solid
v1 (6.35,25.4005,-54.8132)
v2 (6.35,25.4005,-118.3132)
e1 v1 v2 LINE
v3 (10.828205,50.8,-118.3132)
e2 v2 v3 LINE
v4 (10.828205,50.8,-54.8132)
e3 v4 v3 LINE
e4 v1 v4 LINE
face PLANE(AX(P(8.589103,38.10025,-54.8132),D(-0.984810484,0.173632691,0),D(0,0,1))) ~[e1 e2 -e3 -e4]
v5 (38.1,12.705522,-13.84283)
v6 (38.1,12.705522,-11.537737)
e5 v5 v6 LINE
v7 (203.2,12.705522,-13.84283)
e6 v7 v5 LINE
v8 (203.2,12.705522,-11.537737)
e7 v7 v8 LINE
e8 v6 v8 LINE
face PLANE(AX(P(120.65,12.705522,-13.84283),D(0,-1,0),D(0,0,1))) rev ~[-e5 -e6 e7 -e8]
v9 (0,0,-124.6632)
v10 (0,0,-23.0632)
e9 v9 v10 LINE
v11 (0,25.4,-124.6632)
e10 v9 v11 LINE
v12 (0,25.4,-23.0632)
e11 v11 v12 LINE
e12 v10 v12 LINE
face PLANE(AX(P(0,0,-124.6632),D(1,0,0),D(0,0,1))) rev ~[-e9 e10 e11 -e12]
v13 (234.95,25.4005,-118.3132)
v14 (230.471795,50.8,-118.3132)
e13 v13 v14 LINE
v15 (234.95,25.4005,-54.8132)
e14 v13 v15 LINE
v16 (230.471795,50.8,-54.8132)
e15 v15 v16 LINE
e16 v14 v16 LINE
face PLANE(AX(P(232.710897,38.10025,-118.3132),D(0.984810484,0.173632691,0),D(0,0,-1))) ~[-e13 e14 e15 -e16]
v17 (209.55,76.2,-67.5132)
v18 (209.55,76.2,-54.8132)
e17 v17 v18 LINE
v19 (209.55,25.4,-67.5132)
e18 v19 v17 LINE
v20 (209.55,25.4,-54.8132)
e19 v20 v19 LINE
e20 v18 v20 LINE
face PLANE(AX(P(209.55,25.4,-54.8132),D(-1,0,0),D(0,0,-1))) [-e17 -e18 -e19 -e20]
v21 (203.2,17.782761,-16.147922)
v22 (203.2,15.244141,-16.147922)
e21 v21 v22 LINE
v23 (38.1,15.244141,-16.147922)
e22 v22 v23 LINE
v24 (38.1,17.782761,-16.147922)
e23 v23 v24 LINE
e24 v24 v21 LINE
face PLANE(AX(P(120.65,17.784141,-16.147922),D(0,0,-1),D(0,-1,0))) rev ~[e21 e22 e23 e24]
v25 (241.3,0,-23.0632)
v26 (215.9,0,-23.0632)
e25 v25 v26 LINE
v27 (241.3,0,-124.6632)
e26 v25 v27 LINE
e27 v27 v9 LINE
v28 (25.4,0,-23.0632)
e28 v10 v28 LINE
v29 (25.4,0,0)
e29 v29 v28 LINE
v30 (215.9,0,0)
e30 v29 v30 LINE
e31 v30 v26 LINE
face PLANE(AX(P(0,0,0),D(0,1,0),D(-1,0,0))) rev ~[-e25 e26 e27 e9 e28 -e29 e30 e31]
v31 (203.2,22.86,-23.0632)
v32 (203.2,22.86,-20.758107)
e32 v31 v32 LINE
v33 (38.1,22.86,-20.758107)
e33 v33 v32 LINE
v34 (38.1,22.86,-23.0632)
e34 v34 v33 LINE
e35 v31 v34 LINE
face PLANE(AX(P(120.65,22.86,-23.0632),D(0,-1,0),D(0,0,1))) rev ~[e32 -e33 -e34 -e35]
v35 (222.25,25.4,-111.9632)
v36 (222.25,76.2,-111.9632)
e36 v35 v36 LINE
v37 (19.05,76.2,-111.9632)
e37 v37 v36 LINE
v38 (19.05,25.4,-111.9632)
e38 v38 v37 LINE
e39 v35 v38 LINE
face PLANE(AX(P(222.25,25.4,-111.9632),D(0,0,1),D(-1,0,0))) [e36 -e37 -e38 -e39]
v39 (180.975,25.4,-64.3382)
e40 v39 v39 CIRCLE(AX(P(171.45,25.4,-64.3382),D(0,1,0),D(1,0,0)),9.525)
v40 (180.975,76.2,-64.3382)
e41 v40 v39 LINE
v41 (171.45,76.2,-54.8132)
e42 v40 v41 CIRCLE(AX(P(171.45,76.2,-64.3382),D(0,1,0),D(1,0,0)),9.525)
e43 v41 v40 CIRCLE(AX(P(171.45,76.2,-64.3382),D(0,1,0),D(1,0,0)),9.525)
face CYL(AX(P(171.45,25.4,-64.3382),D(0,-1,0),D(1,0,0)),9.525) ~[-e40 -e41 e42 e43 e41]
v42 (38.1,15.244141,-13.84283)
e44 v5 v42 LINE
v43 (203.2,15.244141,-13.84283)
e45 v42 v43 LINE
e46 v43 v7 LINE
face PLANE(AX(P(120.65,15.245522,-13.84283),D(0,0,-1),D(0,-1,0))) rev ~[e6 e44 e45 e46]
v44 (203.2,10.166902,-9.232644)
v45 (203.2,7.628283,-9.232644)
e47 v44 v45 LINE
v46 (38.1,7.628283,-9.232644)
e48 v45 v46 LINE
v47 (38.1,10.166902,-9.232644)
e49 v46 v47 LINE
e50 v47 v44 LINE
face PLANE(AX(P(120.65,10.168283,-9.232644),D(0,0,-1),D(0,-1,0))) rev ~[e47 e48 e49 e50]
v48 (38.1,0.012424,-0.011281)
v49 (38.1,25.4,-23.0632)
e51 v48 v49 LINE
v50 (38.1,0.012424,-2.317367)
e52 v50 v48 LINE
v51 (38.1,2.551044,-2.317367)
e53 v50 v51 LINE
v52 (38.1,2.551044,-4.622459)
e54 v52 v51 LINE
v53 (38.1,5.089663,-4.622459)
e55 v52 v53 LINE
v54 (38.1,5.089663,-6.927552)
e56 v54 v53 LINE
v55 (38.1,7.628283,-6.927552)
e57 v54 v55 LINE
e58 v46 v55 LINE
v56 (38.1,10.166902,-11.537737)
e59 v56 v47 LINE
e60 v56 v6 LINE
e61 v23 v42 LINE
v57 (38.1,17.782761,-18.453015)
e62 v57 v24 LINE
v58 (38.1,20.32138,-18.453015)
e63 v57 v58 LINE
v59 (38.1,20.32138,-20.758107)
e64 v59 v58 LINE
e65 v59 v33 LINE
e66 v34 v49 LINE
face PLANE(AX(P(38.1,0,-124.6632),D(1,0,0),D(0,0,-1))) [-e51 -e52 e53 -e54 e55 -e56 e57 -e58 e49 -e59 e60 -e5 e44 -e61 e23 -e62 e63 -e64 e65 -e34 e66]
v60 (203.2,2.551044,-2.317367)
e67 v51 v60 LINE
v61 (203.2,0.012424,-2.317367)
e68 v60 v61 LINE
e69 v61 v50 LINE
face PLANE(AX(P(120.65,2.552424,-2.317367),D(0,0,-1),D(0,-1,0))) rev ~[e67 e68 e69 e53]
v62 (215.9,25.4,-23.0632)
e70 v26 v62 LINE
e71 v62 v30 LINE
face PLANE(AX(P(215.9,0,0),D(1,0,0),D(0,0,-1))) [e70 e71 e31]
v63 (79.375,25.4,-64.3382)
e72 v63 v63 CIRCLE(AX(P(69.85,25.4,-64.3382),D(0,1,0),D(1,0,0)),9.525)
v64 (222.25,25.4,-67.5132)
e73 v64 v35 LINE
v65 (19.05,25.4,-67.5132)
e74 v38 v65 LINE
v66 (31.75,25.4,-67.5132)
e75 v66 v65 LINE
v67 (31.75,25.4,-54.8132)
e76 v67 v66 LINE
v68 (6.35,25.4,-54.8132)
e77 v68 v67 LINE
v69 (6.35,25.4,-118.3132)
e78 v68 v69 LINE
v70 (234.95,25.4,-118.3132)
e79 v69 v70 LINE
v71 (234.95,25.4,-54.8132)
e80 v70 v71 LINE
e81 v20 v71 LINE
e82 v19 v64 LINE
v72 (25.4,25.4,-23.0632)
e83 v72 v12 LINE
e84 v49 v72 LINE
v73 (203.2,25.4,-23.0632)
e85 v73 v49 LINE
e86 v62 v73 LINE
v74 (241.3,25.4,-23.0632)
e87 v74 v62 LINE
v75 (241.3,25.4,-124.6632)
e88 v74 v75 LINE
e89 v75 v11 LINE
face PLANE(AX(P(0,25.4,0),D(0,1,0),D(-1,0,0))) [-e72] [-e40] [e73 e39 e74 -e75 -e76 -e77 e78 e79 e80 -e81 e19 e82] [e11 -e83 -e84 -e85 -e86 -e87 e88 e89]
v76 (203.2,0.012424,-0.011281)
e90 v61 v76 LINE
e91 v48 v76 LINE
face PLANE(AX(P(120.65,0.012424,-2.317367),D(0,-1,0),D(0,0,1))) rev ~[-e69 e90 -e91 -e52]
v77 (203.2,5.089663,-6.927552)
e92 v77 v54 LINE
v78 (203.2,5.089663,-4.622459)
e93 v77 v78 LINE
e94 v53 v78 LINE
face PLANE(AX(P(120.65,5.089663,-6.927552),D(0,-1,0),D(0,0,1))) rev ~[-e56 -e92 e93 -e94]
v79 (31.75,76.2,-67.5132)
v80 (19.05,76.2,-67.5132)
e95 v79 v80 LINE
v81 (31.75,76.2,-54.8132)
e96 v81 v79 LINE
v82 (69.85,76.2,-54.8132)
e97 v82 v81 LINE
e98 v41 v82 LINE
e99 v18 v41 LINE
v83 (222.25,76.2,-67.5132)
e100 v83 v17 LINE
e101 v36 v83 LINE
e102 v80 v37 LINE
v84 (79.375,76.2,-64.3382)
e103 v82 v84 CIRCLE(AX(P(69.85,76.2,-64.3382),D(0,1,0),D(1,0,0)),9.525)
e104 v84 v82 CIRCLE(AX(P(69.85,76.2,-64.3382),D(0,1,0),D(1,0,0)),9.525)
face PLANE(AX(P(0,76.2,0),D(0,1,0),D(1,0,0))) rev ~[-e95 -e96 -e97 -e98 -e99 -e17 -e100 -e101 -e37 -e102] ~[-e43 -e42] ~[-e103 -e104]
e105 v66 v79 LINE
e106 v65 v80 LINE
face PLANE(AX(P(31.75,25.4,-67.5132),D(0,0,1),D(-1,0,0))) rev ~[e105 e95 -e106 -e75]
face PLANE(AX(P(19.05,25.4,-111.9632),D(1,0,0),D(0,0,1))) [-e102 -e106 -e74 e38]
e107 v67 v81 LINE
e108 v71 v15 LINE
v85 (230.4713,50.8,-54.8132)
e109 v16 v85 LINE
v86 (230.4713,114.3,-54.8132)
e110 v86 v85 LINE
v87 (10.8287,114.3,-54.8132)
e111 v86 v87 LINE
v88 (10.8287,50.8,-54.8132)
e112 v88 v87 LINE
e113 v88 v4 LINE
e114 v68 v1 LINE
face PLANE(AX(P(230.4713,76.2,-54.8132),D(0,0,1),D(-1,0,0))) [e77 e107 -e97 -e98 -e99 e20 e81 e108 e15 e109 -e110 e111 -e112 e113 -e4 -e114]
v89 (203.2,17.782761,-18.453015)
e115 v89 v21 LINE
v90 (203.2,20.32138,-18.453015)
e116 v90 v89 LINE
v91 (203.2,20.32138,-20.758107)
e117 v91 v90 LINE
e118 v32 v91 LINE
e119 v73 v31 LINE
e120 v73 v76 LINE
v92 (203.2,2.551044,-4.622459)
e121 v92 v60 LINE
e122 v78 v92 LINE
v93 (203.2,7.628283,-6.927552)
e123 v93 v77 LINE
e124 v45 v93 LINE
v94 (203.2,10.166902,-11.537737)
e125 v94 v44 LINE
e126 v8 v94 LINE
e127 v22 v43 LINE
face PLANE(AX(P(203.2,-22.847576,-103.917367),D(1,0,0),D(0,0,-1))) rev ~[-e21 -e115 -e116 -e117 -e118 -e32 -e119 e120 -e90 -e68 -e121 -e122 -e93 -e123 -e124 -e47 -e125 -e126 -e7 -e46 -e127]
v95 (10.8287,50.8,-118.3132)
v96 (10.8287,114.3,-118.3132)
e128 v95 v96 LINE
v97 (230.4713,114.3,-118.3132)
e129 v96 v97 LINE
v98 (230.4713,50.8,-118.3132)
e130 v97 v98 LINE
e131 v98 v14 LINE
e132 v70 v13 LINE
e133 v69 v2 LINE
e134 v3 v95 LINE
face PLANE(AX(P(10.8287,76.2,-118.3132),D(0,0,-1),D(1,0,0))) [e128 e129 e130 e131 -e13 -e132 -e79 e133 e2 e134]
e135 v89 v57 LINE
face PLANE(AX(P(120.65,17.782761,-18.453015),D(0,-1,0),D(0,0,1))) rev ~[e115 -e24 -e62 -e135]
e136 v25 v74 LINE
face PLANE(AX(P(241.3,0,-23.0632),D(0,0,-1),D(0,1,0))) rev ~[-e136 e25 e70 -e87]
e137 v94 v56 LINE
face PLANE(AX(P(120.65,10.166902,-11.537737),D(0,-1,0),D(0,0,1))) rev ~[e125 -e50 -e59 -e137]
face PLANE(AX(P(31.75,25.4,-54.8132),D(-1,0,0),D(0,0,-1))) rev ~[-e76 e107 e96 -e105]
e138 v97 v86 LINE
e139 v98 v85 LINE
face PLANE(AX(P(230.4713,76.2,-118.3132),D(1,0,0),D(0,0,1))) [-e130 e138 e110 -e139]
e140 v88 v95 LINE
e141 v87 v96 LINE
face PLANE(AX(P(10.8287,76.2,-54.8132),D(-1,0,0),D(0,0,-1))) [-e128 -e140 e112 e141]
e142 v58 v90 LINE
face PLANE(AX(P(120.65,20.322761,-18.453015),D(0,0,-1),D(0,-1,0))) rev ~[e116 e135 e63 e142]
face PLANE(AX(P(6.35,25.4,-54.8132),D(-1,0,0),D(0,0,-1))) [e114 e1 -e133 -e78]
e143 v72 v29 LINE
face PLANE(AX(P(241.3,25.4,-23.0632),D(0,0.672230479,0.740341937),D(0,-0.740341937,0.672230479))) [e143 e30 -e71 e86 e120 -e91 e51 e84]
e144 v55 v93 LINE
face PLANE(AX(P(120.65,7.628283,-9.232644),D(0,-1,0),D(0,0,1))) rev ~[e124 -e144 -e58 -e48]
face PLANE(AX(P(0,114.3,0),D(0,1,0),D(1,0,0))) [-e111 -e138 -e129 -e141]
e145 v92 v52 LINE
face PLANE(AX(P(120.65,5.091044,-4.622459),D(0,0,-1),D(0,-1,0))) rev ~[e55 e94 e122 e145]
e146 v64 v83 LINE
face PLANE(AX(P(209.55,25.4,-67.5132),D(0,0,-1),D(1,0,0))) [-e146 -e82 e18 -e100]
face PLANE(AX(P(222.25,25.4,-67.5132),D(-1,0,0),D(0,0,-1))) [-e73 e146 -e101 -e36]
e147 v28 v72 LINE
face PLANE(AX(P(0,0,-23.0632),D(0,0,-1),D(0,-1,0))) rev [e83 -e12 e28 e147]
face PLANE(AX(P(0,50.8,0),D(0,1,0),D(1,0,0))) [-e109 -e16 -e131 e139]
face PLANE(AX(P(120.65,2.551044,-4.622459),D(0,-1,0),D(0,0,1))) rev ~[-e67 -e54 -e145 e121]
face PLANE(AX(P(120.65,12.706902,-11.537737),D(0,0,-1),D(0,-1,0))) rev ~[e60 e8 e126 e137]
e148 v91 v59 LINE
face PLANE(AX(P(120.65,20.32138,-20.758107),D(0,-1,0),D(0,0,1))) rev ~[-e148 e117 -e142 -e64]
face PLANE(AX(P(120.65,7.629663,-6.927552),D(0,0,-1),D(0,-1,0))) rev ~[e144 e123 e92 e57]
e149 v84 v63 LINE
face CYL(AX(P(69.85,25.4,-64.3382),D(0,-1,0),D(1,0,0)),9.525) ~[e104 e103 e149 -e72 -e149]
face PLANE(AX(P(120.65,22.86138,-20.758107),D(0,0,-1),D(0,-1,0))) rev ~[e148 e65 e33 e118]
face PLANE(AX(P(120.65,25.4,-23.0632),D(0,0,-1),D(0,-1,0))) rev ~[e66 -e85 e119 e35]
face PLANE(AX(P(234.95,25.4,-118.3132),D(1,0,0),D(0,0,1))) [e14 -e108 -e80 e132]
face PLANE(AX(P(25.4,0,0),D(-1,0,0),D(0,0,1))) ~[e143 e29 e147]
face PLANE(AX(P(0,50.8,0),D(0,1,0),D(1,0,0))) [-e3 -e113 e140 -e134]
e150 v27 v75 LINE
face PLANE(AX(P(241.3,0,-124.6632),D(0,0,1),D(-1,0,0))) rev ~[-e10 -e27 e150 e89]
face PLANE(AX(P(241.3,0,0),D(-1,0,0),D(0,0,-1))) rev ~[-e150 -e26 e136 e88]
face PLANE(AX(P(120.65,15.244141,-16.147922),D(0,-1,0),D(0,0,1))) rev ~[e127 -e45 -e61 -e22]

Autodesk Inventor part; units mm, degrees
ref_plane "YZ Plane" through (0, 0, 0) normal (1, 0, 0) x (0, 1, 0)
ref_plane "XZ Plane" through (0, 0, 0) normal (0, 1, 0) x (-1, 0, 0)
sketch "Sketch1" plane through (0, 0, 0) normal (0, 1, 0) x (-1, 0, 0)
  line L0 (0, 0) -> (-241.3, 0)
  line L1 (-241.3, 0) -> (-241.3, -124.6632)
  line L2 (-241.3, -124.6632) -> (0, -124.6632)
  line L3 (0, -124.6632) -> (0, 0)
  dimension "d0" = 124.6632
  dimension "d1" = 241.3
extrude "Extrusion1" add sketch "Sketch1" along normal blind 25.4
sketch "Sketch2" plane through (241.3, 0, 0) normal (1, 0, 0) x (0, 0, -1)
  line L0 (124.6632, 0) -> (226.2632, 0) construction
  line L1 (23.0632, 25.4) -> (0, 0)
  line L2 (0, 0) -> (0, 25.4)
  line L3 (0, 0) -> (0, 25.4) projected
  line L4 (0, 25.4) -> (23.0632, 25.4)
  line L5 (0, 0) -> (23.0632, 0)
  line L6 (0, 0) -> (124.6632, 0) projected
  line L7 (23.0632, 0) -> (23.0632, 25.4)
extrude "Extrusion2" cut sketch "Sketch2" against normal blind 25.4
ref_plane "Work Plane1" through (120.65, 0, -124.6632) normal (1, 0, 0) x (0, 0, -1)
mirror "Mirror1" about plane through (120.65, 0, -124.6632) normal (1, 0, 0) of "Extrusion2"
extrude "Extrusion3" cut sketch "Sketch2" against normal blind 228.6 contours L1 L2 L4
sketch "Sketch3" plane through (120.65, 0, -124.6632) normal (1, 0, 0) x (0, 0, -1)
  line L0 (-101.6, 25.4) -> (-101.6, 22.86)
  line L1 (-101.6, 0) -> (-101.6, 25.4) projected
  line L2 (-101.6, 22.86) -> (-104.14, 22.86)
  line L3 (-104.14, 22.86) -> (-104.14, 30.1007)
  line L4 (-104.14, 30.1007) -> (-101.6, 30.1564)
  line L5 (-101.6, 30.1564) -> (-101.6, 25.4)
  point P0 (-124.6632, 0)
  dimension "d10" = 2.54
  dimension "d11" = 2.54
extrude "Extrusion4" cut sketch "Sketch3" along normal mid plane 165.1
pattern_linear "Rectangular Pattern1" count 10 spacing 3.429 along (0, -0.7403, 0.6722) of "Extrusion4"
sketch "Sketch4" plane through (0, 25.4, 0) normal (0, 1, 0) x (1, 0, 0)
  line L0 (6.35, 118.3132) -> (234.95, 118.3132)
  line L1 (234.95, 118.3132) -> (234.95, 54.8132)
  line L2 (6.35, 54.8132) -> (6.35, 118.3132)
  line L3 (241.3, 23.0632) -> (241.3, 124.6632) projected
  line L4 (0, 124.6632) -> (0, 23.0632) projected
  line L5 (241.3, 124.6632) -> (0, 124.6632) projected
  line L6 (222.25, 67.5132) -> (222.25, 111.9632)
  line L7 (222.25, 111.9632) -> (19.05, 111.9632)
  line L8 (19.05, 111.9632) -> (19.05, 67.5132)
  line L9 (234.95, 54.8132) -> (222.25, 54.8132)
  line L10 (19.05, 54.8132) -> (6.35, 54.8132)
  circle A0 centre (69.85, 64.3382) radius 9.525
  circle A1 centre (171.45, 64.3382) radius 9.525
  line L11 (19.05, 54.8132) -> (31.75, 54.8132)
  line L12 (31.75, 54.8132) -> (31.75, 67.5132)
  line L13 (31.75, 67.5132) -> (19.05, 67.5132)
  line L14 (222.25, 54.8132) -> (209.55, 54.8132)
  line L15 (209.55, 54.8132) -> (209.55, 67.5132)
  line L16 (209.55, 67.5132) -> (222.25, 67.5132)
  point P0 (0, 0)
  dimension "d17" = 6.35
  dimension "d18" = 6.35
  dimension "d19" = 6.35
  dimension "d23" = 12.7
  dimension "d24" = 12.7
  dimension "d25" = 6.35
  dimension "d26" = 19.05
  dimension "d27" = 19.05
  dimension "d28" = 9.525
  dimension "d29" = 50.8
  dimension "d39" = 12.7
  dimension "d40" = 12.7
  dimension "d41" = 12.7
  dimension "d42" = 12.7
extrude "Extrusion6" add sketch "Sketch4" along normal blind 25.4
chamfer "Chamfer1" distance 25.4 angle 10 1 edges at (234.95, 50.8, -86.5632) measured on face at (234.95, 33.8667, -97.1465)
chamfer "Chamfer2" distance 25.4 angle 10 1 edges at (6.35, 50.8, -86.5632) measured on face at (6.35, 33.8667, -75.9799)
sketch "Sketch5" plane through (0, 50.8, 0) normal (0, 1, 0) x (1, 0, 0)
  line L0 (10.8287, 54.8132) -> (10.8287, 118.3132) projected
  line L1 (10.8287, 54.8132) -> (31.75, 54.8132) projected
  line L2 (19.05, 67.5132) -> (19.05, 111.9632) projected
  line L3 (19.05, 111.9632) -> (222.25, 111.9632) projected
  line L4 (222.25, 111.9632) -> (222.25, 67.5132) projected
  line L5 (209.55, 54.8132) -> (230.4713, 54.8132) projected
  line L6 (230.4713, 118.3132) -> (230.4713, 54.8132) projected
  line L7 (230.4713, 118.3132) -> (10.8287, 118.3132) projected
  circle A0 centre (69.85, 64.3382) radius 9.525 projected
  circle A1 centre (171.45, 64.3382) radius 9.525 projected
  line L8 (31.75, 54.8132) -> (31.75, 67.5132) projected
  line L9 (31.75, 67.5132) -> (19.05, 67.5132) projected
  line L10 (222.25, 67.5132) -> (209.55, 67.5132) projected
  line L11 (209.55, 67.5132) -> (209.55, 54.8132) projected
  point P0 (0, 0)
extrude "Extrusion7" add sketch "Sketch5" along normal blind 25.4
sketch "Sketch6" plane through (0, 76.2, 0) normal (0, 1, 0) x (1, 0, 0)
  line L0 (10.8287, 118.3132) -> (230.4713, 118.3132)
  line L1 (230.4713, 118.3132) -> (230.4713, 54.8132)
  line L2 (230.4713, 54.8132) -> (10.8287, 54.8132)
  line L3 (10.8287, 54.8132) -> (10.8287, 118.3132)
  point P0 (0, 0)
extrude "Extrusion8" add sketch "Sketch6" along normal blind 38.1
properties part number "Stand"
